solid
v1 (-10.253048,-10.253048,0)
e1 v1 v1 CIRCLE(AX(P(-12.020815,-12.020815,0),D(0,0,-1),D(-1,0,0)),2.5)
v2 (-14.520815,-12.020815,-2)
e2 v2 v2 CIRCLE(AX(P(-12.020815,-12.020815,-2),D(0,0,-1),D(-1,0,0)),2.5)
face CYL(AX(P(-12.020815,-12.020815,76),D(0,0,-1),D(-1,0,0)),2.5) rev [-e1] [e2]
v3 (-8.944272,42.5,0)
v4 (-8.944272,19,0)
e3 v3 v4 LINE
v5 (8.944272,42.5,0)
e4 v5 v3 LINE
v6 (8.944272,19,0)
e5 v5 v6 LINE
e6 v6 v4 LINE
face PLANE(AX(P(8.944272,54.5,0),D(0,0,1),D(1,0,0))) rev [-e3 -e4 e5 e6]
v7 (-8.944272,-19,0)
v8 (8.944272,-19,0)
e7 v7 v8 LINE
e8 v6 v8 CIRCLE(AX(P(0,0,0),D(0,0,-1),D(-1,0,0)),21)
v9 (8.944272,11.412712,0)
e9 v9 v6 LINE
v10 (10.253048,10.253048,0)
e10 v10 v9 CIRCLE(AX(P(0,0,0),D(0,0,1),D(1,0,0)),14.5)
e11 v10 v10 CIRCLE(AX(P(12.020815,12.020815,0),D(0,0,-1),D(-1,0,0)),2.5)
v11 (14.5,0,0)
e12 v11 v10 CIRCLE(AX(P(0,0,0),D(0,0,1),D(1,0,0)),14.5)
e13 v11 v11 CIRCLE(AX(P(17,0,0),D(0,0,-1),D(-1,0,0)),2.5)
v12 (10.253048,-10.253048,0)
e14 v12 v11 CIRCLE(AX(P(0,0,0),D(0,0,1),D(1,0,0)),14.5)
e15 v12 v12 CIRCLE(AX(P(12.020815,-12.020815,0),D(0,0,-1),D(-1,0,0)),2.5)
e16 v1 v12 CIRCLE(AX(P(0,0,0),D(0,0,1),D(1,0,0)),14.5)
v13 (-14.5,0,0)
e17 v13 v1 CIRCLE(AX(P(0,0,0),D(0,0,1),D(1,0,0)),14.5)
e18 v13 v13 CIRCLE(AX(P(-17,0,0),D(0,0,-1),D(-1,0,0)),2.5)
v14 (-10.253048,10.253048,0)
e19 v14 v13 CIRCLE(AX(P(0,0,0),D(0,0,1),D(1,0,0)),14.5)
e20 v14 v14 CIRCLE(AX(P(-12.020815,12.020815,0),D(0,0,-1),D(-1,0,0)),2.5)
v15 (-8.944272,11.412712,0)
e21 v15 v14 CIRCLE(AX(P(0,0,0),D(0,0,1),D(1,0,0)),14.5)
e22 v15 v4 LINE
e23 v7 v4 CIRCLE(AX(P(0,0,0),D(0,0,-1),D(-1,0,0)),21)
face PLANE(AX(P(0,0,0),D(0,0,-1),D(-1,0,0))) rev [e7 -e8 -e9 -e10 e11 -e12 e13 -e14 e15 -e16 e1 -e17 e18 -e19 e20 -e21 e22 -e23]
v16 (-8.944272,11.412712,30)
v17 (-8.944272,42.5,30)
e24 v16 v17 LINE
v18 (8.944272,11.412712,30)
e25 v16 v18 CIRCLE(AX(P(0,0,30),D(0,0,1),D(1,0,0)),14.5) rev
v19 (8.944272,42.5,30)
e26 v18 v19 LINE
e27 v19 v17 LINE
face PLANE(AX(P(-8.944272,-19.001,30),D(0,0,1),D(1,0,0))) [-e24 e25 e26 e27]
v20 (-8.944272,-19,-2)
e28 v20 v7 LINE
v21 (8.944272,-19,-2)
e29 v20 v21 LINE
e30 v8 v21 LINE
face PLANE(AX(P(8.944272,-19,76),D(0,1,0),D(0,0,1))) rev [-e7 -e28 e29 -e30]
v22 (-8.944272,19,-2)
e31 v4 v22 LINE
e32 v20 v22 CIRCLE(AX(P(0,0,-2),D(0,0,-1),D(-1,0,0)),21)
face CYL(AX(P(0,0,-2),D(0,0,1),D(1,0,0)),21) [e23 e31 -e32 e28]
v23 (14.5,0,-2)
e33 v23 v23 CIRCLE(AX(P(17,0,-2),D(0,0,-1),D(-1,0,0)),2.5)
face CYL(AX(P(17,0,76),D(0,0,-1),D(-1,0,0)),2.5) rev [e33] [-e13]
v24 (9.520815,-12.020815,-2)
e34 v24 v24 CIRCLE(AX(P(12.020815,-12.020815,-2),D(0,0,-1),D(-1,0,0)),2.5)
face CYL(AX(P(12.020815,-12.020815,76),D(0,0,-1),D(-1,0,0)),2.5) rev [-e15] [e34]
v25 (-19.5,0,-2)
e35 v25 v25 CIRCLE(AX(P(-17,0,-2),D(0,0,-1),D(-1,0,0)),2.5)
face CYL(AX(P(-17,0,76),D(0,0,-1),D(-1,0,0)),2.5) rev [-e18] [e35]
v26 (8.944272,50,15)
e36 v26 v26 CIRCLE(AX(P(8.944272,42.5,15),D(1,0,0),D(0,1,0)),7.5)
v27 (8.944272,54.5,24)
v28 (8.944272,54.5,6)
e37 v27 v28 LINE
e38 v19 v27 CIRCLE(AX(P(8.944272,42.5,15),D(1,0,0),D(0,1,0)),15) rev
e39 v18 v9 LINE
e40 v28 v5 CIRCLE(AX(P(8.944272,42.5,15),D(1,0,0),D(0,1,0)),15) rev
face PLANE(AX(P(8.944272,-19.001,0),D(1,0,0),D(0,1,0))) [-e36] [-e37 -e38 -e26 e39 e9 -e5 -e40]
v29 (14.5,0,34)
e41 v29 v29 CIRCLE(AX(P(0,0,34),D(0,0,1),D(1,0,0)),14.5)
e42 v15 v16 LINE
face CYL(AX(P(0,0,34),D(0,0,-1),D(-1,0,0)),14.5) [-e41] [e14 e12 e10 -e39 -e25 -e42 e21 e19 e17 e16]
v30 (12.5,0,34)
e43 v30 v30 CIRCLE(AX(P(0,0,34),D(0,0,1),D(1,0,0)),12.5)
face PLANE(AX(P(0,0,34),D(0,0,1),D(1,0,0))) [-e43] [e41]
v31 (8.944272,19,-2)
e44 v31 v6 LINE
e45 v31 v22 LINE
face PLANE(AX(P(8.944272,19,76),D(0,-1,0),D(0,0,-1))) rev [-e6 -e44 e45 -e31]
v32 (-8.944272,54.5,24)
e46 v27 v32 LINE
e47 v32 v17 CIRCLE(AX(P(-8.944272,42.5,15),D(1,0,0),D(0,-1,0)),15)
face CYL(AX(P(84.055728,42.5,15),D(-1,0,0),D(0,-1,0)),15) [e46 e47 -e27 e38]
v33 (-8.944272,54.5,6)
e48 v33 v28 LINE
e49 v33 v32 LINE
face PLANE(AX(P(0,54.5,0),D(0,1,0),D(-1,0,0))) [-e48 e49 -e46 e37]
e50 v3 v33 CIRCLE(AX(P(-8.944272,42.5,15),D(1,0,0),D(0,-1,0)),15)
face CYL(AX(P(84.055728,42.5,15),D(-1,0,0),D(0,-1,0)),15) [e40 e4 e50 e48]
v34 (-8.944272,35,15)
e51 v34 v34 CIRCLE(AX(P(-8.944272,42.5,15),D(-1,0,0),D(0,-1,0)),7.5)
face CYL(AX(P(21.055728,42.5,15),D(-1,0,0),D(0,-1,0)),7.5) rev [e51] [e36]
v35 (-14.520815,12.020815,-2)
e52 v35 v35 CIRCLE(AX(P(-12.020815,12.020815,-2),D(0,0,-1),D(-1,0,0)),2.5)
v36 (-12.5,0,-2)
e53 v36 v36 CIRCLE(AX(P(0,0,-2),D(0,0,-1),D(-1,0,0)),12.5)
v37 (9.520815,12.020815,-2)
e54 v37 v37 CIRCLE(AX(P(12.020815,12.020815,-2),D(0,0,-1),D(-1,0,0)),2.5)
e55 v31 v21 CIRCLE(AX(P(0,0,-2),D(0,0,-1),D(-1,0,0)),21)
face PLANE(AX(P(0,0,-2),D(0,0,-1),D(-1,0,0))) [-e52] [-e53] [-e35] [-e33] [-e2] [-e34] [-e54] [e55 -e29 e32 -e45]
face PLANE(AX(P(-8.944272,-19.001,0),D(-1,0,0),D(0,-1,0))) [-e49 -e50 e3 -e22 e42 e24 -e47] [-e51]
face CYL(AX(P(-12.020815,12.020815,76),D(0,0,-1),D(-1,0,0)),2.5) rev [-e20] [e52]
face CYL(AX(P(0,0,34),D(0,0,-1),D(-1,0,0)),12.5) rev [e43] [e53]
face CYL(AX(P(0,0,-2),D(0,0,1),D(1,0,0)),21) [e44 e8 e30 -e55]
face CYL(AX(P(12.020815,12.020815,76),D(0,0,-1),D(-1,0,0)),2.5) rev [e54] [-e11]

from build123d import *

# Parameters (mm, degrees)
IZIM1_R                          = 14.5
IZIM1_R_2                        = 12.5
Y_KSEKLIK_EKSTR_ZYON1_DEPTH      = 34
IZIM2_R                          = 21
IZIM2_R_2                        = 12.5
Y_KSEKLIK_EKSTR_ZYON2_DEPTH      = 2
IZIM3_R                          = 2.5
KES_EKSTR_ZYON1_DEPTH            = 78
KES_EKSTR_ZYON2_DEPTH            = 78
Y_KSEKLIK_EKSTR_ZYON5_REACH      = 54.146
Y_KSEKLIK_EKSTR_ZYON5_END_RADIUS = 14.5
IZIM6_W                          = 30
IZIM6_H                          = 17.88854382
Y_KSEKLIK_EKSTR_ZYON6_DEPTH      = 40
IZIM10_R                         = 7.5
KES_EKSTR_ZYON3_DEPTH            = 30
KES_EKSTR_ZYON4_DEPTH            = 93


with BuildPart() as part:
    # Çizim1 → Yükseklik-Ekstrüzyon1 (new body)
    with BuildSketch(Plane.XY):
        Circle(IZIM1_R)
        Circle(IZIM1_R_2, mode=Mode.SUBTRACT)
    extrude(amount=Y_KSEKLIK_EKSTR_ZYON1_DEPTH)



with BuildPart() as body_2:
    # Çizim2 → Yükseklik-Ekstrüzyon2 (new body)
    with BuildSketch(Plane(origin=(0, 0, 0), x_dir=(-1, 0, 0), z_dir=(0, 0, -1))):
        Circle(IZIM2_R)
        with Locations(Location((0, 0, 0), (0, 0, 180))):
            Circle(IZIM2_R_2, mode=Mode.SUBTRACT)
    extrude(amount=Y_KSEKLIK_EKSTR_ZYON2_DEPTH)

    # Çizim3 → Kes-Ekstrüzyon1 (cut)
    with BuildSketch(Plane(origin=(0, 0, -2), x_dir=(-1, 0, 0), z_dir=(0, 0, -1))):
        with Locations((-17, 0)):
            Circle(IZIM3_R)
        with Locations((-12.02081528, 12.02081528)):
            Circle(IZIM3_R)
        with Locations((12.02081528, 12.02081528)):
            Circle(IZIM3_R)
        with Locations((17, 0)):
            Circle(IZIM3_R)
        with Locations((12.02081528, -12.02081528)):
            Circle(IZIM3_R)
        with Locations((-12.02081528, -12.02081528)):
            Circle(IZIM3_R)
    extrude(amount=-KES_EKSTR_ZYON1_DEPTH, mode=Mode.SUBTRACT)

    # Çizim4 → Kes-Ekstrüzyon2 (cut)
    with BuildSketch(Plane(origin=(0, 0, -2), x_dir=(-1, 0, 0), z_dir=(0, 0, -1))):
        with BuildLine():
            Line((-8.94427191, 19), (8.94427191, 19))
            ThreePointArc((8.94427191, 19), (0, 21), (-8.94427191, 19))
        make_face()
        with BuildLine():
            Line((-8.94427191, -19), (8.94427191, -19))
            ThreePointArc((8.94427191, -19), (0, -21), (-8.94427191, -19))
        make_face()
    extrude(amount=-KES_EKSTR_ZYON2_DEPTH, mode=Mode.SUBTRACT)


with BuildPart() as part_1:
    add(part.part)

    add(body_2.part)  # Yükseklik-Ekstrüzyon5 merges body 2
    # Yükseklik-Ekstrüzyon5: up to this cylinder (the profile starts outside it)
    y_kseklik_ekstr_zyon5_end = Plane(origin=(0, 0, 15), z_dir=(0, 0, -1)) * Cylinder(Y_KSEKLIK_EKSTR_ZYON5_END_RADIUS, 138.292, mode=Mode.PRIVATE)
    # Çizim6 → Yükseklik-Ekstrüzyon5 (add, up to the surface)
    with BuildSketch(Plane(origin=(0, 14.5, 0), x_dir=(0, 0, -1), z_dir=(0, 1, 0)), mode=Mode.PRIVATE) as y_kseklik_ekstr_zyon5_sk1:
        with Locations((-15, 0)):
            Rectangle(IZIM6_W, IZIM6_H)
    y_kseklik_ekstr_zyon5_tool1 = extrude(y_kseklik_ekstr_zyon5_sk1.sketch, amount=-Y_KSEKLIK_EKSTR_ZYON5_REACH, mode=Mode.PRIVATE) - y_kseklik_ekstr_zyon5_end
    add(y_kseklik_ekstr_zyon5_tool1.solids().sort_by_distance((0, 14.5, 15))[0])
    add(y_kseklik_ekstr_zyon5_tool1.solids().sort_by_distance((0, 14.5, 15))[1])

    # Çizim9 → Yükseklik-Ekstrüzyon6 (add)
    with BuildSketch(Plane(origin=(0, 14.5, 0), x_dir=(1, 0, 0), z_dir=(0, 1, 0))):
        Polygon((-8.94427191, -30), (0, -30), (8.94427191, -30), (8.94427191, 0), (-8.94427191, 0), align=None)
    extrude(amount=Y_KSEKLIK_EKSTR_ZYON6_DEPTH)

    # Çizim10 → Kes-Ekstrüzyon3 (cut)
    with BuildSketch(Plane.ZY.offset(8.94427191)):
        with Locations(Location((15, 42.5, 0), (0, 0, 270))):
            Circle(IZIM10_R)
    extrude(amount=-KES_EKSTR_ZYON3_DEPTH, mode=Mode.SUBTRACT)

    # Çizim11 → Kes-Ekstrüzyon4 (cut)
    with BuildSketch(Plane.ZY.offset(8.94427191)):
        with BuildLine():
            Line((30, 42.5), (30, 54.5))
            Line((30, 54.5), (24, 54.5))
            ThreePointArc((24, 54.5), (28.416407865, 49.208203932), (30, 42.5))
        make_face()
        with BuildLine():
            Line((0, 54.5), (6, 54.5))
            ThreePointArc((6, 54.5), (1.583592135, 49.208203932), (0, 42.5))
            Line((0, 42.5), (0, 54.5))
        make_face()
    extrude(amount=-KES_EKSTR_ZYON4_DEPTH, mode=Mode.SUBTRACT)


solid = part_1.part
